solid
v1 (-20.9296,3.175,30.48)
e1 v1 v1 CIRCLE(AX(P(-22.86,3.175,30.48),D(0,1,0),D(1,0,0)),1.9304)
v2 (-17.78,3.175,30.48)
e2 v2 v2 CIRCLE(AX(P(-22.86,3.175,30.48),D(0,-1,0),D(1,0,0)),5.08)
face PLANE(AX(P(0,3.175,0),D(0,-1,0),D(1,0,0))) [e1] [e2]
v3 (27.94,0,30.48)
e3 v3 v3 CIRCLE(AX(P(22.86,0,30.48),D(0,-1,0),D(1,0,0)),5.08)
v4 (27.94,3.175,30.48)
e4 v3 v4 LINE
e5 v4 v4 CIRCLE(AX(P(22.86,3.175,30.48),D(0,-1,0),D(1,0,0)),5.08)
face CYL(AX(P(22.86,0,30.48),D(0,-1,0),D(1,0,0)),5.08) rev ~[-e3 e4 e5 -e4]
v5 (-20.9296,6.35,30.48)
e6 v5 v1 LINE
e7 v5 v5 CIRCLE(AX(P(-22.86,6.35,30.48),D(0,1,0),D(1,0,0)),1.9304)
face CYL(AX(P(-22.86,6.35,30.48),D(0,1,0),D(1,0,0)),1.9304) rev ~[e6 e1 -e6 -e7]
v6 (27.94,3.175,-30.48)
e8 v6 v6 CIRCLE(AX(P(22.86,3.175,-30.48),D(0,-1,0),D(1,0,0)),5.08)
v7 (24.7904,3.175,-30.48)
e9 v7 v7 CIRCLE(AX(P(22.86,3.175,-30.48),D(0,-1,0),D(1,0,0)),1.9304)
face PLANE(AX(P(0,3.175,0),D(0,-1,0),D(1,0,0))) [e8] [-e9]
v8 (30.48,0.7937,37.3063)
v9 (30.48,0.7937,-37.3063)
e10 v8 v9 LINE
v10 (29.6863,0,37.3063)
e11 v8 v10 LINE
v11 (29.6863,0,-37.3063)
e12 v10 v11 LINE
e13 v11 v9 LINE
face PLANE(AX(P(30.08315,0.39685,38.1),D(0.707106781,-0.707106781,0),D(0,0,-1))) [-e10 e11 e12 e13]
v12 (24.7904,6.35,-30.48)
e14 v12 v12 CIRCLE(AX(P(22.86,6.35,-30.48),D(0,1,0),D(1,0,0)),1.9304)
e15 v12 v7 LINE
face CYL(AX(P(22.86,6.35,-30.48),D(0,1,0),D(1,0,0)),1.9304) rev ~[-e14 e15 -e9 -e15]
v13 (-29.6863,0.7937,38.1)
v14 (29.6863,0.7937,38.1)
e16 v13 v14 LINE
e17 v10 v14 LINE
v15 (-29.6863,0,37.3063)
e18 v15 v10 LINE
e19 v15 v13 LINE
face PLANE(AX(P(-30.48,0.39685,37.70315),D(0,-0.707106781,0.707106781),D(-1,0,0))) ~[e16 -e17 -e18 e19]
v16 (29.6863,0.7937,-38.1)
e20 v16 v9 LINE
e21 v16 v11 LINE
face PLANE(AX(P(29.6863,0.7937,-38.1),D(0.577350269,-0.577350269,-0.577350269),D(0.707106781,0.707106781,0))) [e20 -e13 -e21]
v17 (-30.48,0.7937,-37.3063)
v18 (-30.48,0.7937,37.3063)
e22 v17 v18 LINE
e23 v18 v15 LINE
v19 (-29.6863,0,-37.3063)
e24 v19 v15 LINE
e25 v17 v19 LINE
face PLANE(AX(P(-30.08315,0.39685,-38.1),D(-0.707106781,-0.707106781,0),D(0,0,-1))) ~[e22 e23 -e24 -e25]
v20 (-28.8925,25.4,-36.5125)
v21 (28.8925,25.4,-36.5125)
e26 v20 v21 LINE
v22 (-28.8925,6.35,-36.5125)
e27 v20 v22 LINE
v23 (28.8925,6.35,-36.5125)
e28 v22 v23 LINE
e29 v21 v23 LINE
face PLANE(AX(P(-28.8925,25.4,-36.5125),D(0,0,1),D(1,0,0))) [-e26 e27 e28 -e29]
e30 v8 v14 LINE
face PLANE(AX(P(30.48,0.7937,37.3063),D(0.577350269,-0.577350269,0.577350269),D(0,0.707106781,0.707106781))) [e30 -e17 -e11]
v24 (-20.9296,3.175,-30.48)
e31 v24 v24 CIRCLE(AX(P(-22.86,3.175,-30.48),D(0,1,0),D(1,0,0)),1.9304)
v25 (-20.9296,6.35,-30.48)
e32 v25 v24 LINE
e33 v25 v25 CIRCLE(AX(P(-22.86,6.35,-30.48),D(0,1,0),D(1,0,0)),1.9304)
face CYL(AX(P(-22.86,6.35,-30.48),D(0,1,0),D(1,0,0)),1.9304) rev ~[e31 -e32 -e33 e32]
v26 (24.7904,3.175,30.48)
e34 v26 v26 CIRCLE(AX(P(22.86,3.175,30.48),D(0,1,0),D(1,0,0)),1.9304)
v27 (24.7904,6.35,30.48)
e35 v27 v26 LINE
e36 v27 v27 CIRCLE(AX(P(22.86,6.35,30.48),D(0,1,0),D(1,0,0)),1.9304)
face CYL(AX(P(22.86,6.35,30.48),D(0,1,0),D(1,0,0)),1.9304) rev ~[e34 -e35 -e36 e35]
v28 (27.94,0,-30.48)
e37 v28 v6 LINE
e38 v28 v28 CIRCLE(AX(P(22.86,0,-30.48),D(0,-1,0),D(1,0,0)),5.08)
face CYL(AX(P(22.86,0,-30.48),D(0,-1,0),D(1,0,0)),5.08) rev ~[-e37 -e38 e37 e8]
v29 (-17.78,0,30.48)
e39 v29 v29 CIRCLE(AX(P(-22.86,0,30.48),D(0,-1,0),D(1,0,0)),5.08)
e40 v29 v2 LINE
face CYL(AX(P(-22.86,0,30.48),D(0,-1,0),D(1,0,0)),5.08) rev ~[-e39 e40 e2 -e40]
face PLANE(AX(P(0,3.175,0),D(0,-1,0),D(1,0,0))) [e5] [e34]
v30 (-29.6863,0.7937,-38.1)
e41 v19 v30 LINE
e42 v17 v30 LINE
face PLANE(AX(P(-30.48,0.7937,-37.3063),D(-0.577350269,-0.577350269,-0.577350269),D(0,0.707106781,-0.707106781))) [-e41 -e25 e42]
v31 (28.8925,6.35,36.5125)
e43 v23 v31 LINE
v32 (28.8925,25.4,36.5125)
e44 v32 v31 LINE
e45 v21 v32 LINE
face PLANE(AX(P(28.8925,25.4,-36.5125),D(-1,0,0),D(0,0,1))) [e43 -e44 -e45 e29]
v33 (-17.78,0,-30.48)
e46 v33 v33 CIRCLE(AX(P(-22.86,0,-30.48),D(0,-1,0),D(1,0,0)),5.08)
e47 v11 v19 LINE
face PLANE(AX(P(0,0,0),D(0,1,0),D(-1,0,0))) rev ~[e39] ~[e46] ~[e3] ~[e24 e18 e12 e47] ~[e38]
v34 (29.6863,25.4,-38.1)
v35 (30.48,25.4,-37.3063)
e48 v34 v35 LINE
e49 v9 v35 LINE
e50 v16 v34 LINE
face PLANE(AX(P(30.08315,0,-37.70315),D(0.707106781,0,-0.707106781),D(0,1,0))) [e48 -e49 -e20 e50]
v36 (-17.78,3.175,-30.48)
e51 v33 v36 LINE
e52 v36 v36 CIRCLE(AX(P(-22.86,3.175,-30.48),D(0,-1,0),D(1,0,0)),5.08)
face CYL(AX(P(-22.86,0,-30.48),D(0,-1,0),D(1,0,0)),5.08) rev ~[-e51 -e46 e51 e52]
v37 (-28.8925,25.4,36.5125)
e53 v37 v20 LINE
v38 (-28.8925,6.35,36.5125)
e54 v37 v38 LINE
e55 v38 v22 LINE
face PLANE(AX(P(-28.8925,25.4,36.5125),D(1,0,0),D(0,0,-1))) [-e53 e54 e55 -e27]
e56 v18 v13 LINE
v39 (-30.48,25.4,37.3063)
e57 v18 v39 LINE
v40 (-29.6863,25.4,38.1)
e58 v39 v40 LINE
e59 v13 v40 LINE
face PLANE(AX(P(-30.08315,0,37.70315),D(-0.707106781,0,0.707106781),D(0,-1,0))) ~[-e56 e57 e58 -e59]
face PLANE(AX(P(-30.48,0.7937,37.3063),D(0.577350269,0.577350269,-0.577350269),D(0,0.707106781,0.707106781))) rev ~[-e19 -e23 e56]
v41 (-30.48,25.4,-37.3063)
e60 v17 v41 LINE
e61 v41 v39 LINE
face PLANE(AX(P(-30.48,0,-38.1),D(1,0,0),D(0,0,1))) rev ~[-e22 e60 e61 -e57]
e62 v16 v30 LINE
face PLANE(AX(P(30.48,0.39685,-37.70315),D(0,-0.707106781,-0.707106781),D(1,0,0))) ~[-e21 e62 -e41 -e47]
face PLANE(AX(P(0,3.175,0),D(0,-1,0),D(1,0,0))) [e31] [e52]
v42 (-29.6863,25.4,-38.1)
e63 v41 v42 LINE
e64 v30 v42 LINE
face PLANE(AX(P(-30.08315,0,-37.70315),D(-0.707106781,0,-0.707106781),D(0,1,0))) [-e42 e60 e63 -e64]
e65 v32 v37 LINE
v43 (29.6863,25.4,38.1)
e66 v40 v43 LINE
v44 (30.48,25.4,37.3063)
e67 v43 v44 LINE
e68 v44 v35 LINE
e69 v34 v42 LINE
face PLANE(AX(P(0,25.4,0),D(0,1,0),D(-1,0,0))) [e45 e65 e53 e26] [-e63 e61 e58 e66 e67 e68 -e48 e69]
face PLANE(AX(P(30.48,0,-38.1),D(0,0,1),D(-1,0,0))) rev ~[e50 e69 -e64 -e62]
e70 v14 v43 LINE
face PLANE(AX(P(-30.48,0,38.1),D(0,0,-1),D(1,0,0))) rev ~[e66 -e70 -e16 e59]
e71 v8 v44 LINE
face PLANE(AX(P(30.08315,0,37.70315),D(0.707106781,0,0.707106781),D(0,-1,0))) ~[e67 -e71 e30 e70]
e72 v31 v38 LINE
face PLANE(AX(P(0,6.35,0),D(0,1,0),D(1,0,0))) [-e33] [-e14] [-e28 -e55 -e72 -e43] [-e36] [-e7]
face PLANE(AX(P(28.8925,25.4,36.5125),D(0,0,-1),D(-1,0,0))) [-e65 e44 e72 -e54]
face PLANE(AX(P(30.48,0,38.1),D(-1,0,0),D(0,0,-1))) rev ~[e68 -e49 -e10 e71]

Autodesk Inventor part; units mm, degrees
ref_plane "YZ Plane" through (0, 0, 0) normal (1, 0, 0) x (0, 1, 0)
ref_plane "XZ Plane" through (0, 0, 0) normal (0, 1, 0) x (-1, 0, 0)
ref_plane "XY Plane" through (0, 0, 0) normal (0, 0, 1) x (1, 0, 0)
sketch "Sketch1" plane through (0, 0, 0) normal (0, 1, 0) x (-1, 0, 0)
  line L0 (30.48, 38.1) -> (-30.48, 38.1)
  line L1 (-30.48, 38.1) -> (-30.48, -38.1)
  line L2 (-30.48, -38.1) -> (30.48, -38.1)
  line L3 (30.48, -38.1) -> (30.48, 38.1)
  point P0 (0, 0)
  dimension "d0" = 76.2
  dimension "d1" = 60.96
  dimension "d2" = 38.1
  dimension "d3" = 30.48
extrude "Extrusion1" add sketch "Sketch1" along normal blind 25.4
sketch "Sketch2" plane through (0, 25.4, 0) normal (0, 1, 0) x (1, 0, 0)
  line L0 (-28.8925, 36.5125) -> (28.8925, 36.5125)
  line L1 (28.8925, 36.5125) -> (28.8925, -36.5125)
  line L2 (28.8925, -36.5125) -> (-28.8925, -36.5125)
  line L3 (-28.8925, -36.5125) -> (-28.8925, 36.5125)
  point P0 (0, 0)
  dimension "d6" = 73.025
  dimension "d7" = 57.785
  dimension "d8" = 36.5125
  dimension "d9" = 28.8925
extrude "Extrusion2" cut sketch "Sketch2" against normal blind 19.05
chamfer "Chamfer1" distance 0.7937 angle 45 8 edges at (0, 0, 38.1) (30.48, 0, 0) (0, 0, -38.1) (-30.48, 0, 0) (30.48, 12.7, 38.1) (-30.48, 12.7, 38.1) (30.48, 12.7, -38.1) (-30.48, 12.7, -38.1)
sketch "Sketch3" plane through (0, 6.35, 0) normal (0, 1, 0) x (1, 0, 0)
  circle A0 centre (-22.86, 30.48) radius 1.9304
  circle A1 centre (22.86, 30.48) radius 1.9304
  circle A2 centre (-22.86, -30.48) radius 1.9304
  circle A3 centre (22.86, -30.48) radius 1.9304
  line L0 (-28.8925, -36.5125) -> (-28.8925, 36.5125) projected
  line L1 (-28.8925, 36.5125) -> (28.8925, 36.5125) projected
  line L2 (0, 0) -> (0, 32.9664)
  line L3 (0, 0) -> (-24.0434, 0)
  line L4 (0, 0) -> (25.6064, 0)
  line L5 (0, 0) -> (0, -31.6413)
  dimension "d15" = 3.8608
  dimension "d16" = 3.8608
  dimension "d17" = 3.8608
  dimension "d18" = 3.8608
  dimension "d21" = 30.48
  dimension "d22" = 22.86
  dimension "d23" = 22.86
  dimension "d24" = 30.48
  dimension "d25" = 22.86
  dimension "d26" = 30.48
  dimension "d27" = 22.86
  dimension "d28" = 30.48
extrude "Extrusion3" cut sketch "Sketch3" against normal blind 6.35
sketch "Sketch4" plane through (0, 0, 0) normal (0, -1, 0) x (1, 0, 0)
  circle A0 centre (-22.86, 30.48) radius 5.08
  line L0 (0, 0) -> (-26.2361, 0)
  line L1 (-26.2361, 0) -> (0, 0)
  line L2 (0, 0) -> (0, 35.0708)
  line L3 (0, 0) -> (27.0223, 0)
  line L4 (0, 0) -> (0, -33.193)
  circle A1 centre (22.86, 30.48) radius 5.08
  circle A2 centre (-22.86, -30.48) radius 5.08
  circle A3 centre (22.86, -30.48) radius 1.9304 projected
  circle A4 centre (22.86, -30.48) radius 5.08
  dimension "d31" = 10.16
  dimension "d32" = 22.86
  dimension "d33" = 30.48
  dimension "d34" = 10.16
  dimension "d35" = 22.86
  dimension "d36" = 30.48
  dimension "d37" = 10.16
  dimension "d38" = 10.16
  dimension "d39" = 30.48
  dimension "d40" = 22.86
extrude "Extrusion4" cut sketch "Sketch4" against normal blind 3.175
properties part number "Enclosure Rev A"
